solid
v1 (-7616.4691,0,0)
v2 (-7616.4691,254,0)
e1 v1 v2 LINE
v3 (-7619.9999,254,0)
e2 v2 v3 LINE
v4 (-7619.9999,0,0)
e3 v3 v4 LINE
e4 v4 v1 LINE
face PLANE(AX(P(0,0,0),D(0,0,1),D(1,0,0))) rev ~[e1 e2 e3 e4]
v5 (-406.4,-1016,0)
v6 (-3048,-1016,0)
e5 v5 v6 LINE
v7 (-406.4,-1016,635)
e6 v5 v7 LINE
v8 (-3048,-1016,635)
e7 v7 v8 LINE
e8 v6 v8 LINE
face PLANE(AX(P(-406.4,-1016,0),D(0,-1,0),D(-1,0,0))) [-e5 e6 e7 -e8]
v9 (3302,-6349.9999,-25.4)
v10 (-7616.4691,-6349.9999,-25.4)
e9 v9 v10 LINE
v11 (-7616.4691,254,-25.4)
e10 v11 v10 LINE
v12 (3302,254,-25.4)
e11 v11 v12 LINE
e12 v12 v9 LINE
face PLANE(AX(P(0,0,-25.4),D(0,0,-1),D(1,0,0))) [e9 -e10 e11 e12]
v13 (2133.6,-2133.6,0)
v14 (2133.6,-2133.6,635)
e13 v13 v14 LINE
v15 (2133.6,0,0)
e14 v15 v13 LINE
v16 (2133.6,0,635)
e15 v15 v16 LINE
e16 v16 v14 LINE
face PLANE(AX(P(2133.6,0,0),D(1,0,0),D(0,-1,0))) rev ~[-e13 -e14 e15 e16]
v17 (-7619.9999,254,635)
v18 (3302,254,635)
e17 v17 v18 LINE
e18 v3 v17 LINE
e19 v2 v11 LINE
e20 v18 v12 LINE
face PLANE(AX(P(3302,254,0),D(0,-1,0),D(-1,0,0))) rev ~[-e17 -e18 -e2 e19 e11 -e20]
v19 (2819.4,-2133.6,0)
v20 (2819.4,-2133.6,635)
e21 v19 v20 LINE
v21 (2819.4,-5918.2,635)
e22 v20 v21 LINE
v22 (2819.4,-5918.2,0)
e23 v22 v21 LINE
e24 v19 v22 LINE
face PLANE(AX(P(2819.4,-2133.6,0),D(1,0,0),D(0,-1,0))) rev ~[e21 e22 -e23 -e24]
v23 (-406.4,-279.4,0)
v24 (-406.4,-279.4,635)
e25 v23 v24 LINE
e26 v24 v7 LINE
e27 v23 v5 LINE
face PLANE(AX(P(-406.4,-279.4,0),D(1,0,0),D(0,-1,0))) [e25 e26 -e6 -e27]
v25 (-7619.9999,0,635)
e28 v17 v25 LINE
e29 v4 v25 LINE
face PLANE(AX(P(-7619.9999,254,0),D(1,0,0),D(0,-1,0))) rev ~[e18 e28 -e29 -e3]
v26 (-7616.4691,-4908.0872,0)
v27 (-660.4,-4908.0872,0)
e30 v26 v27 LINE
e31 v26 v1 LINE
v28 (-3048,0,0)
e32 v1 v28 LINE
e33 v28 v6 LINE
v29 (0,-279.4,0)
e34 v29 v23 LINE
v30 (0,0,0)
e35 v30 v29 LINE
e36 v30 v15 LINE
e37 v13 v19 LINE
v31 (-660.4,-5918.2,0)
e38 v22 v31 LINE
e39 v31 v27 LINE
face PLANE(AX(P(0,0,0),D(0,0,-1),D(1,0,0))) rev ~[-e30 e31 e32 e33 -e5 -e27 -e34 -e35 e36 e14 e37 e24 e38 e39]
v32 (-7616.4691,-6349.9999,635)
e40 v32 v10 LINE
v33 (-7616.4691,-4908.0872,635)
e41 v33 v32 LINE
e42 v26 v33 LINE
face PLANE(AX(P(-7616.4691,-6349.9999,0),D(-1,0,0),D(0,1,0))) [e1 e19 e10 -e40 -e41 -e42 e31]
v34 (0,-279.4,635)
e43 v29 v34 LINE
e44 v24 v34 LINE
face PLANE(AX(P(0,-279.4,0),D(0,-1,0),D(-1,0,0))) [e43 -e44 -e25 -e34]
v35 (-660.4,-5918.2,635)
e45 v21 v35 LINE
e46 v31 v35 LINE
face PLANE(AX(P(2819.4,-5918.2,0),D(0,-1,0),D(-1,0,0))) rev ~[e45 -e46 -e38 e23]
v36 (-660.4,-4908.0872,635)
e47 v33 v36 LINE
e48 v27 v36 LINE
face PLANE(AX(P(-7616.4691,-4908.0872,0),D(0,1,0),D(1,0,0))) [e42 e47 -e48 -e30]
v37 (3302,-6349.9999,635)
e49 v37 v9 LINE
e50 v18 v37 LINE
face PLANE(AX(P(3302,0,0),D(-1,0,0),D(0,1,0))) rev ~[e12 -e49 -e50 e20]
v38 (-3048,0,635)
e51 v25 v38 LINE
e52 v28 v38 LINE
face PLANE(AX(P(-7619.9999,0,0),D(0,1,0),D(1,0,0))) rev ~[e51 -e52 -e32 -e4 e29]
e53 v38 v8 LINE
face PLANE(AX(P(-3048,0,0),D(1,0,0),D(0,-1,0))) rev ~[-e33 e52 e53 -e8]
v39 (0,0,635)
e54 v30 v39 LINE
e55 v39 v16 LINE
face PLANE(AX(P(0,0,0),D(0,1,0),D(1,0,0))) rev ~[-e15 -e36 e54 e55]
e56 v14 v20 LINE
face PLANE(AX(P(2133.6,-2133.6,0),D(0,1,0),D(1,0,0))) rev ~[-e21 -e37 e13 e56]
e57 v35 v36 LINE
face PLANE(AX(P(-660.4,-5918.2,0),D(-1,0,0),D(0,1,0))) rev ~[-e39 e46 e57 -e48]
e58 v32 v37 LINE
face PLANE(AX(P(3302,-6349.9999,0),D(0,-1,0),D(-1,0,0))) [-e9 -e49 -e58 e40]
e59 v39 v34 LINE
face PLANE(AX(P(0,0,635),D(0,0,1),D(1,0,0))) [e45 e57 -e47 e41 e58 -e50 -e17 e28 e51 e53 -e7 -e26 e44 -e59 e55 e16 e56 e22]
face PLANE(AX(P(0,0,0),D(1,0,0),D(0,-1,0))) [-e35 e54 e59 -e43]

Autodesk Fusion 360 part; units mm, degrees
sketch "Sketch1" plane through (0, 0, 0) normal (0, 0, 1) x (1, 0, 0)
  line L0 (0, 0) -> (2133.6, 0)
  line L1 (2133.6, 0) -> (2133.6, -2133.6)
  line L2 (2133.6, -2133.6) -> (2819.4, -2133.6)
  line L3 (2819.4, -2133.6) -> (2819.4, -5918.2)
  line L4 (2819.4, -5918.2) -> (-660.4, -5918.2)
  line L5 (-660.4, -5918.2) -> (-660.4, -4902.2)
  line L6 (0, 0) -> (0, -279.4)
  line L7 (0, -279.4) -> (-406.4, -279.4)
  line L8 (-660.4, -4902.2) -> (-3048, -4902.2)
  line L9 (-3048, -4902.2) -> (-3048, -3670.2305)
  line L10 (-406.4, -1016) -> (-3048, -1016)
  line L11 (-3048, -1016) -> (-3048, -3670.2305)
  line L12 (-406.4, -279.4) -> (-406.4, -1016)
  line L13 (-3048, -1016) -> (-381, -1016)
  line L14 (-381, -1016) -> (-381, 0)
  line L15 (-381, 0) -> (-3048, 0)
  line L16 (-3048, 0) -> (-3048, -1016)
  line L17 (-381, 0) -> (0, 0)
  line L18 (0, 0) -> (0, -279.4)
  line L19 (0, -279.4) -> (-381, -279.4)
  line L20 (-381, -279.4) -> (-381, 0)
  line L21 (-3048, 0) -> (3302, 0)
  line L22 (3302, 0) -> (3302, 254)
  line L23 (3302, 254) -> (-3048, 254)
  line L24 (-3048, 254) -> (-3048, 0)
  line L25 (2133.6, 0) -> (3302, 0)
  line L26 (3302, 0) -> (3302, -2133.6)
  line L27 (3302, -2133.6) -> (2133.6, -2133.6)
  line L28 (2133.6, -2133.6) -> (2133.6, 0)
  line L29 (2819.4, -2133.6) -> (3302, -2133.6)
  line L30 (3302, -2133.6) -> (3302, -6349.9999)
  line L31 (3302, -6349.9999) -> (2819.4, -6349.9999)
  line L32 (2819.4, -6349.9999) -> (2819.4, -2133.6)
  line L33 (2819.4, -6349.9999) -> (-7616.4691, -6349.9999)
  line L34 (-7616.4691, -6349.9999) -> (-7616.4691, -5918.2)
  line L35 (-7616.4691, -5918.2) -> (2819.4, -5918.2)
  line L36 (2819.4, -5918.2) -> (2819.4, -6349.9999)
  line L37 (-660.4, -5918.2) -> (-7616.4691, -5918.2)
  line L38 (-7616.4691, -5918.2) -> (-7616.4691, -4908.0872)
  line L39 (-7616.4691, -4908.0872) -> (-660.4, -4908.0872)
  line L40 (-660.4, -4908.0872) -> (-660.4, -5918.2)
  line L41 (-3048, 254) -> (-7619.9999, 254)
  line L42 (-7619.9999, 254) -> (-7619.9999, 0)
  line L43 (-7619.9999, 0) -> (-3048, 0)
  line L44 (-3048, 0) -> (-3048, 254)
  line L45 (-7619.9999, 0) -> (-3048, 0)
  line L46 (-3048, 0) -> (-3048, -4902.2)
  line L47 (-3048, -4902.2) -> (-7619.9999, -4902.2)
  line L48 (-7619.9999, -4902.2) -> (-7619.9999, 0)
extrude "Extrude1" add sketch "Sketch1" along normal blind 635 contours L0 L15 L17 L21 L22 L23 L24 L25 L44 | L1 L2 L21 L25 L26 L27 L28 L29 | L24 L41 L42 L43 L44 L45 | L3 L27 L29 L30 L31 L32 L36 | L4 L32 L33 L34 L35 L36 L37 | L5 L35 L37 L38 L39 L40
sketch "Sketch2" plane through (0, 0, 0) normal (0, 0, -1) x (1, 0, 0)
  line L0 (-7619.9999, -254) -> (3302, -254)
  line L1 (3302, -254) -> (3302, 6349.9999)
  line L2 (3302, 6349.9999) -> (-7616.4691, 6349.9999)
  line L3 (-7616.4691, 6349.9999) -> (-7616.4691, 4908.0872)
  line L4 (-7616.4691, 4908.0872) -> (-660.4, 4908.0872)
  line L5 (-660.4, 4908.0872) -> (-660.4, 5918.2)
  line L6 (-660.4, 5918.2) -> (2819.4, 5918.2)
  line L7 (2819.4, 5918.2) -> (2819.4, 2133.6)
  line L8 (2819.4, 2133.6) -> (2133.6, 2133.6)
  line L9 (2133.6, 2133.6) -> (2133.6, 0)
  line L10 (2133.6, 0) -> (-7619.9999, 0)
  line L11 (-7619.9999, 0) -> (-7619.9999, -254)
  line L12 (3302, -254) -> (-7616.4691, -254)
  line L13 (-7616.4691, -254) -> (-7616.4691, 6349.9999)
  line L14 (-7616.4691, 6349.9999) -> (3302, 6349.9999)
  line L15 (3302, 6349.9999) -> (3302, -254)
extrude "Extrude2" add sketch "Sketch2" along normal blind 25.4 contours L0 L1 L2 L3 L4 L5 L6 L7 L8 L9 L10 L12 L13 L14 L15 | L4 L5 L6 L7 L8 L9 L10 L13
extrude "Extrude3" add sketch "Sketch1" along normal blind 635 contours L6 L7 L14 L17 L18 L19 L20 L21 | L7 L10 L12 L13 L14 L15 L16 L20 L21 L46
sketch "Sketch3" plane through (0, 0, 0) normal (0, 0, 1) x (1, 0, 0)
  circle A0 centre (-5079.9999, 2540) radius 660.4
  circle A1 centre (-5079.9999, 2540) radius 965.2
  line L0 (-6349.9999, 2844.8) -> (-3809.9999, 2844.8)
  line L1 (-3809.9999, 2844.8) -> (-3809.9999, 2235.2)
  line L2 (-3809.9999, 2235.2) -> (-6349.9999, 2235.2)
  line L3 (-6349.9999, 2235.2) -> (-6349.9999, 2844.8)
  line L4 (-6349.9999, 2844.8) -> (-3809.9999, 2235.2) construction
  line L5 (-3809.9999, 2844.8) -> (-6349.9999, 2235.2) construction
  line L6 (-4775.1999, 3810) -> (-5384.7999, 3810)
  line L7 (-5384.7999, 3810) -> (-5384.7999, 1270)
  line L8 (-5384.7999, 1270) -> (-4775.1999, 1270)
  line L9 (-4775.1999, 1270) -> (-4775.1999, 3810)
  line L10 (-4775.1999, 3810) -> (-5384.7999, 1270) construction
  line L11 (-5384.7999, 3810) -> (-4775.1999, 1270) construction
  line L12 (-6349.9999, 2235.2) -> (-3845.6793, 2235.2)
  line L13 (-3845.6793, 2235.2) -> (-3845.6793, 2133.6)
  line L14 (-3845.6793, 2133.6) -> (-6349.9999, 2133.6)
  line L15 (-6349.9999, 2133.6) -> (-6349.9999, 2235.2)
  line L16 (-6349.9999, 2844.8) -> (-3809.9999, 2844.8)
  line L17 (-3809.9999, 2844.8) -> (-3809.9999, 2946.4)
  line L18 (-3809.9999, 2946.4) -> (-6349.9999, 2946.4)
  line L19 (-6349.9999, 2946.4) -> (-6349.9999, 2844.8)
  line L20 (-5384.7999, 3810) -> (-5486.3999, 3810)
  line L21 (-5486.3999, 3810) -> (-5486.3999, 1270)
  line L22 (-5486.3999, 1270) -> (-5384.7999, 1270)
  line L23 (-5384.7999, 1270) -> (-5384.7999, 3810)
  line L24 (-4775.1999, 1270) -> (-4673.5999, 1270)
  line L25 (-4673.5999, 1270) -> (-4673.5999, 3809.9999)
  line L26 (-4673.5999, 3809.9999) -> (-4775.1999, 3809.9999)
  line L27 (-4775.1999, 3809.9999) -> (-4775.1999, 1270)
  circle A2 centre (-5079.9999, 2540) radius 558.8
  circle A3 centre (-5079.9999, 2540) radius 1117.6
  point P0 (-5079.9999, 2540)
  point P1 (-5079.9999, 2540)
  dimension "d17" = 1320.8
  dimension "d18" = 1930.4
  dimension "d19" = 2540
  dimension "d20" = 609.6
  dimension "d21" = 609.6
  dimension "d22" = 2540
  dimension "d23" = 101.6
  dimension "d24" = 101.6
  dimension "d25" = 101.6
  dimension "d26" = 101.6
  dimension "d27" = 1117.6
  dimension "d28" = 2235.2
sketch "Sketch4" plane through (0, 0, 0) normal (0, 0, 1) x (1, 0, 0)
  circle A0 centre (-662.532, 1929.7788) radius 660.4
  circle A1 centre (-662.532, 1929.7788) radius 1270
  circle A2 centre (-662.532, 1929.7788) radius 558.8
  circle A3 centre (-662.532, 1929.7788) radius 1371.6
  line L0 (-662.532, 1929.7788) -> (-2034.132, 1929.7788)
  line L1 (-662.532, 1929.7788) -> (-1632.3996, 959.9111)
  dimension "d33" = 1320.8
  dimension "d34" = 2540
  dimension "d35" = 1117.6
  dimension "d36" = 2743.2
  dimension "d37" = 135
sketch "Sketch7" plane through (0, 0, 0) normal (0, 0, 1) x (1, 0, 0)
  circle A0 centre (-662.532, 1929.7788) radius 660.4
  circle A1 centre (-662.532, 1929.7788) radius 558.8
  circle A2 centre (-662.532, 1929.7788) radius 1270
  circle A3 centre (-662.532, 1929.7788) radius 1371.6
  line L0 (-662.532, 1929.7788) -> (-2034.132, 1929.7788)
  line L1 (-662.532, 1929.7788) -> (-662.532, 3301.3788)
  dimension "d42" = 1320.8
  dimension "d43" = 2540
  dimension "d44" = 1117.6
  dimension "d45" = 2743.2
component "52 dia 45" placed x (1, 0, 0) y (0, 1, 0) z (0, 0, 1) at (-651.3455, 1373.3394, 2024.6849)
component "52 dia 90" placed x (1, 0, 0) y (0, 1, 0) z (0, 0, 1) at (0, 0, 0)
